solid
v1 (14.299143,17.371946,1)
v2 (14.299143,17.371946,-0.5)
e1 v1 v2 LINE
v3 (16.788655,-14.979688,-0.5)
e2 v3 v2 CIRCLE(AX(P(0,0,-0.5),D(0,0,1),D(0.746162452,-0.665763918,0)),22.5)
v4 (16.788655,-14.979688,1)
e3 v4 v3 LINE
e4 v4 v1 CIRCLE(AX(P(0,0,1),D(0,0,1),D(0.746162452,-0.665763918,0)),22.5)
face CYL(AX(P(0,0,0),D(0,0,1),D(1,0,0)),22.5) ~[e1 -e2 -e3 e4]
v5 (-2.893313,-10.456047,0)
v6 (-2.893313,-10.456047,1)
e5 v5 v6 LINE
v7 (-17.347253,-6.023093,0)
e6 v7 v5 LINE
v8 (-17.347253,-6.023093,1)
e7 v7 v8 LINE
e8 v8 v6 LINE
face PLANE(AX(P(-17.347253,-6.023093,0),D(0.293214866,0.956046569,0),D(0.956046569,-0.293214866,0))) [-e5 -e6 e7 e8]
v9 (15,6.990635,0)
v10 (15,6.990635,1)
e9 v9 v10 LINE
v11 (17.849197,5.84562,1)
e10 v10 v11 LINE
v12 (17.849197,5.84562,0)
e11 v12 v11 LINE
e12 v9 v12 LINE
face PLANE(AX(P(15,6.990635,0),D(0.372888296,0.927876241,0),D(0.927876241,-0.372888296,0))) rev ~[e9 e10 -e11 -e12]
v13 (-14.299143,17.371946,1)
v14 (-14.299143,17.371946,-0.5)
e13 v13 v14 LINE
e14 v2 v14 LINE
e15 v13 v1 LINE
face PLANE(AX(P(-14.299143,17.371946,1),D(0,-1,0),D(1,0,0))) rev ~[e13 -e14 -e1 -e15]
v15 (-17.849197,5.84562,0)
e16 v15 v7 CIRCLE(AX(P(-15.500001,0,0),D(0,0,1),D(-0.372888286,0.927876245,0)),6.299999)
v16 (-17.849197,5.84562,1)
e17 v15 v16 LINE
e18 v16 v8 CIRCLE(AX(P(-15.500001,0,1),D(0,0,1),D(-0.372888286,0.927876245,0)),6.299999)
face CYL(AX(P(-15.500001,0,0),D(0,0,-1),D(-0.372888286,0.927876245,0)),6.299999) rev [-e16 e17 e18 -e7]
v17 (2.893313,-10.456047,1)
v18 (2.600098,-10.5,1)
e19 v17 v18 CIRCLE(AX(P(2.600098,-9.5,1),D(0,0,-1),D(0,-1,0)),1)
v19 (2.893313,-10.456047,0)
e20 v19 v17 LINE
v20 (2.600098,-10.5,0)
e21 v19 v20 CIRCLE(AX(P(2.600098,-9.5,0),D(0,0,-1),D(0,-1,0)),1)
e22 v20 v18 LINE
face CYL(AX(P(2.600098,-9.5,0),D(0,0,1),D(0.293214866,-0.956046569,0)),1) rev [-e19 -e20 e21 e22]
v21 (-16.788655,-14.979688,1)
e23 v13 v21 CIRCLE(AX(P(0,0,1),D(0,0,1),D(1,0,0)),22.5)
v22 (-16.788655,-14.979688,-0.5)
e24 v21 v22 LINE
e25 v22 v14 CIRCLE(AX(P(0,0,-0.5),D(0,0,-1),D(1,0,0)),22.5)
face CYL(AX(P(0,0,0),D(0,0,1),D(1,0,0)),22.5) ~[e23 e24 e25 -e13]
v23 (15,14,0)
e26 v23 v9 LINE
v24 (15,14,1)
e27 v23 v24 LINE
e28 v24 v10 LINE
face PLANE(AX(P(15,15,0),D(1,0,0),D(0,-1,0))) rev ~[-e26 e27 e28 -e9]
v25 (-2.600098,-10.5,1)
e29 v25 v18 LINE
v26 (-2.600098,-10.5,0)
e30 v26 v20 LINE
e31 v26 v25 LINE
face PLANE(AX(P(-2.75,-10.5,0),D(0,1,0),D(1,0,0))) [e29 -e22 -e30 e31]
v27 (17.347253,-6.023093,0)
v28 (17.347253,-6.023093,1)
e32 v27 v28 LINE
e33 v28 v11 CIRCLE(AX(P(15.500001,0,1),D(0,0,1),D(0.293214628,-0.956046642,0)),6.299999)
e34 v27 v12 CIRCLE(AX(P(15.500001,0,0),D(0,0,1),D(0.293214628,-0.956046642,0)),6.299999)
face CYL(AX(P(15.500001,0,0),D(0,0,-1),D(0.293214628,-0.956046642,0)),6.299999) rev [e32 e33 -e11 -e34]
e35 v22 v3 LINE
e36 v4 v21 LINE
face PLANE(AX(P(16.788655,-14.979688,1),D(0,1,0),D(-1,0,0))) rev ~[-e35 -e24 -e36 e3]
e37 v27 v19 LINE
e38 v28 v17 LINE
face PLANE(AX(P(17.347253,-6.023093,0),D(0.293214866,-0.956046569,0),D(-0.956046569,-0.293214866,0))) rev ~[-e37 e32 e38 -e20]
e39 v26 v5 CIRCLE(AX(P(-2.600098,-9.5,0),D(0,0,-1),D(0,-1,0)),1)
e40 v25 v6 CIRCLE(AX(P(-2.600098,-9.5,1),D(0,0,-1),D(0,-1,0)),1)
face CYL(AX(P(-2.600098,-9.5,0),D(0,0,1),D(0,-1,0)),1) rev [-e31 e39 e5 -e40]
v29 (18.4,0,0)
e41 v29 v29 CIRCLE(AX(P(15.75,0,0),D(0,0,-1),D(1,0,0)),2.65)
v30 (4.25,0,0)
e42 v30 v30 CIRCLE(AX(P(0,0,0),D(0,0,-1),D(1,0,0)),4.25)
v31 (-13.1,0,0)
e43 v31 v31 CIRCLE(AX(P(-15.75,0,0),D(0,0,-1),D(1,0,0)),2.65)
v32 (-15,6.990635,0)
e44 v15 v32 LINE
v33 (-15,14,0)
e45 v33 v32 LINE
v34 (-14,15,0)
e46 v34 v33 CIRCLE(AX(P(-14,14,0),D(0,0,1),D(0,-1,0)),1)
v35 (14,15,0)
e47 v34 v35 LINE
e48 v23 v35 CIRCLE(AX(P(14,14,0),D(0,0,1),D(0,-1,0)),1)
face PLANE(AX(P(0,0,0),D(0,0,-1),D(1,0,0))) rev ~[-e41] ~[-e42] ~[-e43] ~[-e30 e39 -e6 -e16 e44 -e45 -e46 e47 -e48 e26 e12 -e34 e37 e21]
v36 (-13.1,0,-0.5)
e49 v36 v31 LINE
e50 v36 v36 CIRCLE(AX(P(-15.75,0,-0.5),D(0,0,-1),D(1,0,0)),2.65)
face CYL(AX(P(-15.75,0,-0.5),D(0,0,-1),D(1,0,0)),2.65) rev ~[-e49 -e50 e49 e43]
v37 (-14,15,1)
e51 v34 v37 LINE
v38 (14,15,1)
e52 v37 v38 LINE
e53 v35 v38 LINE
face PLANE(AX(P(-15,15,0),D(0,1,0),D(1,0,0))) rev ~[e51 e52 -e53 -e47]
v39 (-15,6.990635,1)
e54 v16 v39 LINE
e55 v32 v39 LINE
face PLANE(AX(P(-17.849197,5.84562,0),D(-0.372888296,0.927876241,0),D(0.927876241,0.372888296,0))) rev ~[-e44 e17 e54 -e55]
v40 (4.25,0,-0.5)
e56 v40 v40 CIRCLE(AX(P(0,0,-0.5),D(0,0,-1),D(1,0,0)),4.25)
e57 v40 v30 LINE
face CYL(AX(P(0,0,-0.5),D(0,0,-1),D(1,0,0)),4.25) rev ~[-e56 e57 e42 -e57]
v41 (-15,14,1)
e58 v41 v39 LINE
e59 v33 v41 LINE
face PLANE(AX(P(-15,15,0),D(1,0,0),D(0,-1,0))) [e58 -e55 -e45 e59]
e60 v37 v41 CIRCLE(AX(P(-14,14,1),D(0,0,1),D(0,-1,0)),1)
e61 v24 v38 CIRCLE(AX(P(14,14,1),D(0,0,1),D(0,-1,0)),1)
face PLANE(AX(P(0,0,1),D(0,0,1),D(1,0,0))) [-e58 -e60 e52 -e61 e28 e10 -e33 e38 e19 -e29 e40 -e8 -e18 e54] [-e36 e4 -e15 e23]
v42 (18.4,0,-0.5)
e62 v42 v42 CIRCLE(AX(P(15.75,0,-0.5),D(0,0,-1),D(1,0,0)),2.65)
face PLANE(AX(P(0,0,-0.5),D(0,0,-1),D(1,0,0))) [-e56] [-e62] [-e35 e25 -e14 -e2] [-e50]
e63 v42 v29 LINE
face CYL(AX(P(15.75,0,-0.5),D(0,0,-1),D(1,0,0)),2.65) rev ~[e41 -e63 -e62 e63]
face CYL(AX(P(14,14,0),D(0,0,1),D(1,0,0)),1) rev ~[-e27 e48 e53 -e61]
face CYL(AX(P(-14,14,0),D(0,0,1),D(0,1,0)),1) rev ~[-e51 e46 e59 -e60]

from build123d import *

# Parameters (mm, degrees)
SKETCH_R        = 22.5
PAD_DEPTH       = 1
SKETCH001_R     = 22.5
PAD001_DEPTH    = 0.5
SKETCH002_R     = 4.25
SKETCH002_R_2   = 2.65
POCKET_DEPTH    = 1.501
FILLET_R        = 1
FILLET001_R     = 1
POCKET001_DEPTH = 5


with BuildPart() as part:
    # Sketch → Pad (new body)
    with BuildSketch(Plane.XY):
        Circle(SKETCH_R)
        with BuildLine():
            ThreePointArc((17.347253, -6.023093), (21.794374, -0.266197), (17.849197, 5.84562))
            Line((15, 6.990635), (17.849197, 5.84562))
            Line((15, 15), (15, 6.990635))
            Line((-15, 15), (15, 15))
            Line((-15, 15), (-15, 6.990635))
            Line((-17.849197, 5.84562), (-15, 6.990635))
            ThreePointArc((-17.849197, 5.84562), (-21.794374, -0.266197), (-17.347253, -6.023093))
            Line((-17.347253, -6.023093), (-2.75, -10.5))
            Line((-2.75, -10.5), (2.75, -10.5))
            Line((17.347253, -6.023093), (2.75, -10.5))
        make_face(mode=Mode.SUBTRACT)
    extrude(amount=PAD_DEPTH)

    # Sketch001 (on Face12 of Pad) → Pad001 (join)
    with BuildSketch(Plane(origin=(0, 0, 0), x_dir=(1, 0, 0), z_dir=(0, 0, -1))):
        Circle(SKETCH001_R)
    extrude(amount=PAD001_DEPTH)

    # Sketch002 (on Face4 of Pad001) → Pocket (cut, through all)
    with BuildSketch(Plane(origin=(0, 0, -0.5), x_dir=(1, 0, 0), z_dir=(0, 0, -1))):
        Circle(SKETCH002_R)
        with Locations((-15.75, 0)):
            Circle(SKETCH002_R_2)
        with Locations((15.75, 0)):
            Circle(SKETCH002_R_2)
    extrude(amount=-POCKET_DEPTH, mode=Mode.SUBTRACT)

    # Fillet
    fillet_edges = [part.edges().sort_by_distance(p)[0] for p in [
        (15, 15, 0.5),
        (-15, 15, 0.5),
    ]]
    fillet(fillet_edges, radius=FILLET_R)

    # Fillet001
    fillet001_edges = [part.edges().sort_by_distance(p)[0] for p in [
        (-2.75, -10.5, 0.5),
        (2.75, -10.5, 0.5),
    ]]
    fillet(fillet001_edges, radius=FILLET001_R)

    # Sketch003 (on Face1 of Fillet001) → Pocket001 (cut)
    with BuildSketch(Plane.XY.offset(1)):
        with BuildLine():
            Line((-14.299143, 17.371946), (14.299143, 17.371946))
            ThreePointArc((14.299143, 17.371946), (0, 22.5), (-14.299143, 17.371946))
        make_face()
        with BuildLine():
            Line((16.788655, -14.979688), (-16.788655, -14.979688))
            ThreePointArc((-16.788655, -14.979688), (0, -22.5), (16.788655, -14.979688))
        make_face()
    extrude(amount=-POCKET001_DEPTH, mode=Mode.SUBTRACT)


solid = part.part
